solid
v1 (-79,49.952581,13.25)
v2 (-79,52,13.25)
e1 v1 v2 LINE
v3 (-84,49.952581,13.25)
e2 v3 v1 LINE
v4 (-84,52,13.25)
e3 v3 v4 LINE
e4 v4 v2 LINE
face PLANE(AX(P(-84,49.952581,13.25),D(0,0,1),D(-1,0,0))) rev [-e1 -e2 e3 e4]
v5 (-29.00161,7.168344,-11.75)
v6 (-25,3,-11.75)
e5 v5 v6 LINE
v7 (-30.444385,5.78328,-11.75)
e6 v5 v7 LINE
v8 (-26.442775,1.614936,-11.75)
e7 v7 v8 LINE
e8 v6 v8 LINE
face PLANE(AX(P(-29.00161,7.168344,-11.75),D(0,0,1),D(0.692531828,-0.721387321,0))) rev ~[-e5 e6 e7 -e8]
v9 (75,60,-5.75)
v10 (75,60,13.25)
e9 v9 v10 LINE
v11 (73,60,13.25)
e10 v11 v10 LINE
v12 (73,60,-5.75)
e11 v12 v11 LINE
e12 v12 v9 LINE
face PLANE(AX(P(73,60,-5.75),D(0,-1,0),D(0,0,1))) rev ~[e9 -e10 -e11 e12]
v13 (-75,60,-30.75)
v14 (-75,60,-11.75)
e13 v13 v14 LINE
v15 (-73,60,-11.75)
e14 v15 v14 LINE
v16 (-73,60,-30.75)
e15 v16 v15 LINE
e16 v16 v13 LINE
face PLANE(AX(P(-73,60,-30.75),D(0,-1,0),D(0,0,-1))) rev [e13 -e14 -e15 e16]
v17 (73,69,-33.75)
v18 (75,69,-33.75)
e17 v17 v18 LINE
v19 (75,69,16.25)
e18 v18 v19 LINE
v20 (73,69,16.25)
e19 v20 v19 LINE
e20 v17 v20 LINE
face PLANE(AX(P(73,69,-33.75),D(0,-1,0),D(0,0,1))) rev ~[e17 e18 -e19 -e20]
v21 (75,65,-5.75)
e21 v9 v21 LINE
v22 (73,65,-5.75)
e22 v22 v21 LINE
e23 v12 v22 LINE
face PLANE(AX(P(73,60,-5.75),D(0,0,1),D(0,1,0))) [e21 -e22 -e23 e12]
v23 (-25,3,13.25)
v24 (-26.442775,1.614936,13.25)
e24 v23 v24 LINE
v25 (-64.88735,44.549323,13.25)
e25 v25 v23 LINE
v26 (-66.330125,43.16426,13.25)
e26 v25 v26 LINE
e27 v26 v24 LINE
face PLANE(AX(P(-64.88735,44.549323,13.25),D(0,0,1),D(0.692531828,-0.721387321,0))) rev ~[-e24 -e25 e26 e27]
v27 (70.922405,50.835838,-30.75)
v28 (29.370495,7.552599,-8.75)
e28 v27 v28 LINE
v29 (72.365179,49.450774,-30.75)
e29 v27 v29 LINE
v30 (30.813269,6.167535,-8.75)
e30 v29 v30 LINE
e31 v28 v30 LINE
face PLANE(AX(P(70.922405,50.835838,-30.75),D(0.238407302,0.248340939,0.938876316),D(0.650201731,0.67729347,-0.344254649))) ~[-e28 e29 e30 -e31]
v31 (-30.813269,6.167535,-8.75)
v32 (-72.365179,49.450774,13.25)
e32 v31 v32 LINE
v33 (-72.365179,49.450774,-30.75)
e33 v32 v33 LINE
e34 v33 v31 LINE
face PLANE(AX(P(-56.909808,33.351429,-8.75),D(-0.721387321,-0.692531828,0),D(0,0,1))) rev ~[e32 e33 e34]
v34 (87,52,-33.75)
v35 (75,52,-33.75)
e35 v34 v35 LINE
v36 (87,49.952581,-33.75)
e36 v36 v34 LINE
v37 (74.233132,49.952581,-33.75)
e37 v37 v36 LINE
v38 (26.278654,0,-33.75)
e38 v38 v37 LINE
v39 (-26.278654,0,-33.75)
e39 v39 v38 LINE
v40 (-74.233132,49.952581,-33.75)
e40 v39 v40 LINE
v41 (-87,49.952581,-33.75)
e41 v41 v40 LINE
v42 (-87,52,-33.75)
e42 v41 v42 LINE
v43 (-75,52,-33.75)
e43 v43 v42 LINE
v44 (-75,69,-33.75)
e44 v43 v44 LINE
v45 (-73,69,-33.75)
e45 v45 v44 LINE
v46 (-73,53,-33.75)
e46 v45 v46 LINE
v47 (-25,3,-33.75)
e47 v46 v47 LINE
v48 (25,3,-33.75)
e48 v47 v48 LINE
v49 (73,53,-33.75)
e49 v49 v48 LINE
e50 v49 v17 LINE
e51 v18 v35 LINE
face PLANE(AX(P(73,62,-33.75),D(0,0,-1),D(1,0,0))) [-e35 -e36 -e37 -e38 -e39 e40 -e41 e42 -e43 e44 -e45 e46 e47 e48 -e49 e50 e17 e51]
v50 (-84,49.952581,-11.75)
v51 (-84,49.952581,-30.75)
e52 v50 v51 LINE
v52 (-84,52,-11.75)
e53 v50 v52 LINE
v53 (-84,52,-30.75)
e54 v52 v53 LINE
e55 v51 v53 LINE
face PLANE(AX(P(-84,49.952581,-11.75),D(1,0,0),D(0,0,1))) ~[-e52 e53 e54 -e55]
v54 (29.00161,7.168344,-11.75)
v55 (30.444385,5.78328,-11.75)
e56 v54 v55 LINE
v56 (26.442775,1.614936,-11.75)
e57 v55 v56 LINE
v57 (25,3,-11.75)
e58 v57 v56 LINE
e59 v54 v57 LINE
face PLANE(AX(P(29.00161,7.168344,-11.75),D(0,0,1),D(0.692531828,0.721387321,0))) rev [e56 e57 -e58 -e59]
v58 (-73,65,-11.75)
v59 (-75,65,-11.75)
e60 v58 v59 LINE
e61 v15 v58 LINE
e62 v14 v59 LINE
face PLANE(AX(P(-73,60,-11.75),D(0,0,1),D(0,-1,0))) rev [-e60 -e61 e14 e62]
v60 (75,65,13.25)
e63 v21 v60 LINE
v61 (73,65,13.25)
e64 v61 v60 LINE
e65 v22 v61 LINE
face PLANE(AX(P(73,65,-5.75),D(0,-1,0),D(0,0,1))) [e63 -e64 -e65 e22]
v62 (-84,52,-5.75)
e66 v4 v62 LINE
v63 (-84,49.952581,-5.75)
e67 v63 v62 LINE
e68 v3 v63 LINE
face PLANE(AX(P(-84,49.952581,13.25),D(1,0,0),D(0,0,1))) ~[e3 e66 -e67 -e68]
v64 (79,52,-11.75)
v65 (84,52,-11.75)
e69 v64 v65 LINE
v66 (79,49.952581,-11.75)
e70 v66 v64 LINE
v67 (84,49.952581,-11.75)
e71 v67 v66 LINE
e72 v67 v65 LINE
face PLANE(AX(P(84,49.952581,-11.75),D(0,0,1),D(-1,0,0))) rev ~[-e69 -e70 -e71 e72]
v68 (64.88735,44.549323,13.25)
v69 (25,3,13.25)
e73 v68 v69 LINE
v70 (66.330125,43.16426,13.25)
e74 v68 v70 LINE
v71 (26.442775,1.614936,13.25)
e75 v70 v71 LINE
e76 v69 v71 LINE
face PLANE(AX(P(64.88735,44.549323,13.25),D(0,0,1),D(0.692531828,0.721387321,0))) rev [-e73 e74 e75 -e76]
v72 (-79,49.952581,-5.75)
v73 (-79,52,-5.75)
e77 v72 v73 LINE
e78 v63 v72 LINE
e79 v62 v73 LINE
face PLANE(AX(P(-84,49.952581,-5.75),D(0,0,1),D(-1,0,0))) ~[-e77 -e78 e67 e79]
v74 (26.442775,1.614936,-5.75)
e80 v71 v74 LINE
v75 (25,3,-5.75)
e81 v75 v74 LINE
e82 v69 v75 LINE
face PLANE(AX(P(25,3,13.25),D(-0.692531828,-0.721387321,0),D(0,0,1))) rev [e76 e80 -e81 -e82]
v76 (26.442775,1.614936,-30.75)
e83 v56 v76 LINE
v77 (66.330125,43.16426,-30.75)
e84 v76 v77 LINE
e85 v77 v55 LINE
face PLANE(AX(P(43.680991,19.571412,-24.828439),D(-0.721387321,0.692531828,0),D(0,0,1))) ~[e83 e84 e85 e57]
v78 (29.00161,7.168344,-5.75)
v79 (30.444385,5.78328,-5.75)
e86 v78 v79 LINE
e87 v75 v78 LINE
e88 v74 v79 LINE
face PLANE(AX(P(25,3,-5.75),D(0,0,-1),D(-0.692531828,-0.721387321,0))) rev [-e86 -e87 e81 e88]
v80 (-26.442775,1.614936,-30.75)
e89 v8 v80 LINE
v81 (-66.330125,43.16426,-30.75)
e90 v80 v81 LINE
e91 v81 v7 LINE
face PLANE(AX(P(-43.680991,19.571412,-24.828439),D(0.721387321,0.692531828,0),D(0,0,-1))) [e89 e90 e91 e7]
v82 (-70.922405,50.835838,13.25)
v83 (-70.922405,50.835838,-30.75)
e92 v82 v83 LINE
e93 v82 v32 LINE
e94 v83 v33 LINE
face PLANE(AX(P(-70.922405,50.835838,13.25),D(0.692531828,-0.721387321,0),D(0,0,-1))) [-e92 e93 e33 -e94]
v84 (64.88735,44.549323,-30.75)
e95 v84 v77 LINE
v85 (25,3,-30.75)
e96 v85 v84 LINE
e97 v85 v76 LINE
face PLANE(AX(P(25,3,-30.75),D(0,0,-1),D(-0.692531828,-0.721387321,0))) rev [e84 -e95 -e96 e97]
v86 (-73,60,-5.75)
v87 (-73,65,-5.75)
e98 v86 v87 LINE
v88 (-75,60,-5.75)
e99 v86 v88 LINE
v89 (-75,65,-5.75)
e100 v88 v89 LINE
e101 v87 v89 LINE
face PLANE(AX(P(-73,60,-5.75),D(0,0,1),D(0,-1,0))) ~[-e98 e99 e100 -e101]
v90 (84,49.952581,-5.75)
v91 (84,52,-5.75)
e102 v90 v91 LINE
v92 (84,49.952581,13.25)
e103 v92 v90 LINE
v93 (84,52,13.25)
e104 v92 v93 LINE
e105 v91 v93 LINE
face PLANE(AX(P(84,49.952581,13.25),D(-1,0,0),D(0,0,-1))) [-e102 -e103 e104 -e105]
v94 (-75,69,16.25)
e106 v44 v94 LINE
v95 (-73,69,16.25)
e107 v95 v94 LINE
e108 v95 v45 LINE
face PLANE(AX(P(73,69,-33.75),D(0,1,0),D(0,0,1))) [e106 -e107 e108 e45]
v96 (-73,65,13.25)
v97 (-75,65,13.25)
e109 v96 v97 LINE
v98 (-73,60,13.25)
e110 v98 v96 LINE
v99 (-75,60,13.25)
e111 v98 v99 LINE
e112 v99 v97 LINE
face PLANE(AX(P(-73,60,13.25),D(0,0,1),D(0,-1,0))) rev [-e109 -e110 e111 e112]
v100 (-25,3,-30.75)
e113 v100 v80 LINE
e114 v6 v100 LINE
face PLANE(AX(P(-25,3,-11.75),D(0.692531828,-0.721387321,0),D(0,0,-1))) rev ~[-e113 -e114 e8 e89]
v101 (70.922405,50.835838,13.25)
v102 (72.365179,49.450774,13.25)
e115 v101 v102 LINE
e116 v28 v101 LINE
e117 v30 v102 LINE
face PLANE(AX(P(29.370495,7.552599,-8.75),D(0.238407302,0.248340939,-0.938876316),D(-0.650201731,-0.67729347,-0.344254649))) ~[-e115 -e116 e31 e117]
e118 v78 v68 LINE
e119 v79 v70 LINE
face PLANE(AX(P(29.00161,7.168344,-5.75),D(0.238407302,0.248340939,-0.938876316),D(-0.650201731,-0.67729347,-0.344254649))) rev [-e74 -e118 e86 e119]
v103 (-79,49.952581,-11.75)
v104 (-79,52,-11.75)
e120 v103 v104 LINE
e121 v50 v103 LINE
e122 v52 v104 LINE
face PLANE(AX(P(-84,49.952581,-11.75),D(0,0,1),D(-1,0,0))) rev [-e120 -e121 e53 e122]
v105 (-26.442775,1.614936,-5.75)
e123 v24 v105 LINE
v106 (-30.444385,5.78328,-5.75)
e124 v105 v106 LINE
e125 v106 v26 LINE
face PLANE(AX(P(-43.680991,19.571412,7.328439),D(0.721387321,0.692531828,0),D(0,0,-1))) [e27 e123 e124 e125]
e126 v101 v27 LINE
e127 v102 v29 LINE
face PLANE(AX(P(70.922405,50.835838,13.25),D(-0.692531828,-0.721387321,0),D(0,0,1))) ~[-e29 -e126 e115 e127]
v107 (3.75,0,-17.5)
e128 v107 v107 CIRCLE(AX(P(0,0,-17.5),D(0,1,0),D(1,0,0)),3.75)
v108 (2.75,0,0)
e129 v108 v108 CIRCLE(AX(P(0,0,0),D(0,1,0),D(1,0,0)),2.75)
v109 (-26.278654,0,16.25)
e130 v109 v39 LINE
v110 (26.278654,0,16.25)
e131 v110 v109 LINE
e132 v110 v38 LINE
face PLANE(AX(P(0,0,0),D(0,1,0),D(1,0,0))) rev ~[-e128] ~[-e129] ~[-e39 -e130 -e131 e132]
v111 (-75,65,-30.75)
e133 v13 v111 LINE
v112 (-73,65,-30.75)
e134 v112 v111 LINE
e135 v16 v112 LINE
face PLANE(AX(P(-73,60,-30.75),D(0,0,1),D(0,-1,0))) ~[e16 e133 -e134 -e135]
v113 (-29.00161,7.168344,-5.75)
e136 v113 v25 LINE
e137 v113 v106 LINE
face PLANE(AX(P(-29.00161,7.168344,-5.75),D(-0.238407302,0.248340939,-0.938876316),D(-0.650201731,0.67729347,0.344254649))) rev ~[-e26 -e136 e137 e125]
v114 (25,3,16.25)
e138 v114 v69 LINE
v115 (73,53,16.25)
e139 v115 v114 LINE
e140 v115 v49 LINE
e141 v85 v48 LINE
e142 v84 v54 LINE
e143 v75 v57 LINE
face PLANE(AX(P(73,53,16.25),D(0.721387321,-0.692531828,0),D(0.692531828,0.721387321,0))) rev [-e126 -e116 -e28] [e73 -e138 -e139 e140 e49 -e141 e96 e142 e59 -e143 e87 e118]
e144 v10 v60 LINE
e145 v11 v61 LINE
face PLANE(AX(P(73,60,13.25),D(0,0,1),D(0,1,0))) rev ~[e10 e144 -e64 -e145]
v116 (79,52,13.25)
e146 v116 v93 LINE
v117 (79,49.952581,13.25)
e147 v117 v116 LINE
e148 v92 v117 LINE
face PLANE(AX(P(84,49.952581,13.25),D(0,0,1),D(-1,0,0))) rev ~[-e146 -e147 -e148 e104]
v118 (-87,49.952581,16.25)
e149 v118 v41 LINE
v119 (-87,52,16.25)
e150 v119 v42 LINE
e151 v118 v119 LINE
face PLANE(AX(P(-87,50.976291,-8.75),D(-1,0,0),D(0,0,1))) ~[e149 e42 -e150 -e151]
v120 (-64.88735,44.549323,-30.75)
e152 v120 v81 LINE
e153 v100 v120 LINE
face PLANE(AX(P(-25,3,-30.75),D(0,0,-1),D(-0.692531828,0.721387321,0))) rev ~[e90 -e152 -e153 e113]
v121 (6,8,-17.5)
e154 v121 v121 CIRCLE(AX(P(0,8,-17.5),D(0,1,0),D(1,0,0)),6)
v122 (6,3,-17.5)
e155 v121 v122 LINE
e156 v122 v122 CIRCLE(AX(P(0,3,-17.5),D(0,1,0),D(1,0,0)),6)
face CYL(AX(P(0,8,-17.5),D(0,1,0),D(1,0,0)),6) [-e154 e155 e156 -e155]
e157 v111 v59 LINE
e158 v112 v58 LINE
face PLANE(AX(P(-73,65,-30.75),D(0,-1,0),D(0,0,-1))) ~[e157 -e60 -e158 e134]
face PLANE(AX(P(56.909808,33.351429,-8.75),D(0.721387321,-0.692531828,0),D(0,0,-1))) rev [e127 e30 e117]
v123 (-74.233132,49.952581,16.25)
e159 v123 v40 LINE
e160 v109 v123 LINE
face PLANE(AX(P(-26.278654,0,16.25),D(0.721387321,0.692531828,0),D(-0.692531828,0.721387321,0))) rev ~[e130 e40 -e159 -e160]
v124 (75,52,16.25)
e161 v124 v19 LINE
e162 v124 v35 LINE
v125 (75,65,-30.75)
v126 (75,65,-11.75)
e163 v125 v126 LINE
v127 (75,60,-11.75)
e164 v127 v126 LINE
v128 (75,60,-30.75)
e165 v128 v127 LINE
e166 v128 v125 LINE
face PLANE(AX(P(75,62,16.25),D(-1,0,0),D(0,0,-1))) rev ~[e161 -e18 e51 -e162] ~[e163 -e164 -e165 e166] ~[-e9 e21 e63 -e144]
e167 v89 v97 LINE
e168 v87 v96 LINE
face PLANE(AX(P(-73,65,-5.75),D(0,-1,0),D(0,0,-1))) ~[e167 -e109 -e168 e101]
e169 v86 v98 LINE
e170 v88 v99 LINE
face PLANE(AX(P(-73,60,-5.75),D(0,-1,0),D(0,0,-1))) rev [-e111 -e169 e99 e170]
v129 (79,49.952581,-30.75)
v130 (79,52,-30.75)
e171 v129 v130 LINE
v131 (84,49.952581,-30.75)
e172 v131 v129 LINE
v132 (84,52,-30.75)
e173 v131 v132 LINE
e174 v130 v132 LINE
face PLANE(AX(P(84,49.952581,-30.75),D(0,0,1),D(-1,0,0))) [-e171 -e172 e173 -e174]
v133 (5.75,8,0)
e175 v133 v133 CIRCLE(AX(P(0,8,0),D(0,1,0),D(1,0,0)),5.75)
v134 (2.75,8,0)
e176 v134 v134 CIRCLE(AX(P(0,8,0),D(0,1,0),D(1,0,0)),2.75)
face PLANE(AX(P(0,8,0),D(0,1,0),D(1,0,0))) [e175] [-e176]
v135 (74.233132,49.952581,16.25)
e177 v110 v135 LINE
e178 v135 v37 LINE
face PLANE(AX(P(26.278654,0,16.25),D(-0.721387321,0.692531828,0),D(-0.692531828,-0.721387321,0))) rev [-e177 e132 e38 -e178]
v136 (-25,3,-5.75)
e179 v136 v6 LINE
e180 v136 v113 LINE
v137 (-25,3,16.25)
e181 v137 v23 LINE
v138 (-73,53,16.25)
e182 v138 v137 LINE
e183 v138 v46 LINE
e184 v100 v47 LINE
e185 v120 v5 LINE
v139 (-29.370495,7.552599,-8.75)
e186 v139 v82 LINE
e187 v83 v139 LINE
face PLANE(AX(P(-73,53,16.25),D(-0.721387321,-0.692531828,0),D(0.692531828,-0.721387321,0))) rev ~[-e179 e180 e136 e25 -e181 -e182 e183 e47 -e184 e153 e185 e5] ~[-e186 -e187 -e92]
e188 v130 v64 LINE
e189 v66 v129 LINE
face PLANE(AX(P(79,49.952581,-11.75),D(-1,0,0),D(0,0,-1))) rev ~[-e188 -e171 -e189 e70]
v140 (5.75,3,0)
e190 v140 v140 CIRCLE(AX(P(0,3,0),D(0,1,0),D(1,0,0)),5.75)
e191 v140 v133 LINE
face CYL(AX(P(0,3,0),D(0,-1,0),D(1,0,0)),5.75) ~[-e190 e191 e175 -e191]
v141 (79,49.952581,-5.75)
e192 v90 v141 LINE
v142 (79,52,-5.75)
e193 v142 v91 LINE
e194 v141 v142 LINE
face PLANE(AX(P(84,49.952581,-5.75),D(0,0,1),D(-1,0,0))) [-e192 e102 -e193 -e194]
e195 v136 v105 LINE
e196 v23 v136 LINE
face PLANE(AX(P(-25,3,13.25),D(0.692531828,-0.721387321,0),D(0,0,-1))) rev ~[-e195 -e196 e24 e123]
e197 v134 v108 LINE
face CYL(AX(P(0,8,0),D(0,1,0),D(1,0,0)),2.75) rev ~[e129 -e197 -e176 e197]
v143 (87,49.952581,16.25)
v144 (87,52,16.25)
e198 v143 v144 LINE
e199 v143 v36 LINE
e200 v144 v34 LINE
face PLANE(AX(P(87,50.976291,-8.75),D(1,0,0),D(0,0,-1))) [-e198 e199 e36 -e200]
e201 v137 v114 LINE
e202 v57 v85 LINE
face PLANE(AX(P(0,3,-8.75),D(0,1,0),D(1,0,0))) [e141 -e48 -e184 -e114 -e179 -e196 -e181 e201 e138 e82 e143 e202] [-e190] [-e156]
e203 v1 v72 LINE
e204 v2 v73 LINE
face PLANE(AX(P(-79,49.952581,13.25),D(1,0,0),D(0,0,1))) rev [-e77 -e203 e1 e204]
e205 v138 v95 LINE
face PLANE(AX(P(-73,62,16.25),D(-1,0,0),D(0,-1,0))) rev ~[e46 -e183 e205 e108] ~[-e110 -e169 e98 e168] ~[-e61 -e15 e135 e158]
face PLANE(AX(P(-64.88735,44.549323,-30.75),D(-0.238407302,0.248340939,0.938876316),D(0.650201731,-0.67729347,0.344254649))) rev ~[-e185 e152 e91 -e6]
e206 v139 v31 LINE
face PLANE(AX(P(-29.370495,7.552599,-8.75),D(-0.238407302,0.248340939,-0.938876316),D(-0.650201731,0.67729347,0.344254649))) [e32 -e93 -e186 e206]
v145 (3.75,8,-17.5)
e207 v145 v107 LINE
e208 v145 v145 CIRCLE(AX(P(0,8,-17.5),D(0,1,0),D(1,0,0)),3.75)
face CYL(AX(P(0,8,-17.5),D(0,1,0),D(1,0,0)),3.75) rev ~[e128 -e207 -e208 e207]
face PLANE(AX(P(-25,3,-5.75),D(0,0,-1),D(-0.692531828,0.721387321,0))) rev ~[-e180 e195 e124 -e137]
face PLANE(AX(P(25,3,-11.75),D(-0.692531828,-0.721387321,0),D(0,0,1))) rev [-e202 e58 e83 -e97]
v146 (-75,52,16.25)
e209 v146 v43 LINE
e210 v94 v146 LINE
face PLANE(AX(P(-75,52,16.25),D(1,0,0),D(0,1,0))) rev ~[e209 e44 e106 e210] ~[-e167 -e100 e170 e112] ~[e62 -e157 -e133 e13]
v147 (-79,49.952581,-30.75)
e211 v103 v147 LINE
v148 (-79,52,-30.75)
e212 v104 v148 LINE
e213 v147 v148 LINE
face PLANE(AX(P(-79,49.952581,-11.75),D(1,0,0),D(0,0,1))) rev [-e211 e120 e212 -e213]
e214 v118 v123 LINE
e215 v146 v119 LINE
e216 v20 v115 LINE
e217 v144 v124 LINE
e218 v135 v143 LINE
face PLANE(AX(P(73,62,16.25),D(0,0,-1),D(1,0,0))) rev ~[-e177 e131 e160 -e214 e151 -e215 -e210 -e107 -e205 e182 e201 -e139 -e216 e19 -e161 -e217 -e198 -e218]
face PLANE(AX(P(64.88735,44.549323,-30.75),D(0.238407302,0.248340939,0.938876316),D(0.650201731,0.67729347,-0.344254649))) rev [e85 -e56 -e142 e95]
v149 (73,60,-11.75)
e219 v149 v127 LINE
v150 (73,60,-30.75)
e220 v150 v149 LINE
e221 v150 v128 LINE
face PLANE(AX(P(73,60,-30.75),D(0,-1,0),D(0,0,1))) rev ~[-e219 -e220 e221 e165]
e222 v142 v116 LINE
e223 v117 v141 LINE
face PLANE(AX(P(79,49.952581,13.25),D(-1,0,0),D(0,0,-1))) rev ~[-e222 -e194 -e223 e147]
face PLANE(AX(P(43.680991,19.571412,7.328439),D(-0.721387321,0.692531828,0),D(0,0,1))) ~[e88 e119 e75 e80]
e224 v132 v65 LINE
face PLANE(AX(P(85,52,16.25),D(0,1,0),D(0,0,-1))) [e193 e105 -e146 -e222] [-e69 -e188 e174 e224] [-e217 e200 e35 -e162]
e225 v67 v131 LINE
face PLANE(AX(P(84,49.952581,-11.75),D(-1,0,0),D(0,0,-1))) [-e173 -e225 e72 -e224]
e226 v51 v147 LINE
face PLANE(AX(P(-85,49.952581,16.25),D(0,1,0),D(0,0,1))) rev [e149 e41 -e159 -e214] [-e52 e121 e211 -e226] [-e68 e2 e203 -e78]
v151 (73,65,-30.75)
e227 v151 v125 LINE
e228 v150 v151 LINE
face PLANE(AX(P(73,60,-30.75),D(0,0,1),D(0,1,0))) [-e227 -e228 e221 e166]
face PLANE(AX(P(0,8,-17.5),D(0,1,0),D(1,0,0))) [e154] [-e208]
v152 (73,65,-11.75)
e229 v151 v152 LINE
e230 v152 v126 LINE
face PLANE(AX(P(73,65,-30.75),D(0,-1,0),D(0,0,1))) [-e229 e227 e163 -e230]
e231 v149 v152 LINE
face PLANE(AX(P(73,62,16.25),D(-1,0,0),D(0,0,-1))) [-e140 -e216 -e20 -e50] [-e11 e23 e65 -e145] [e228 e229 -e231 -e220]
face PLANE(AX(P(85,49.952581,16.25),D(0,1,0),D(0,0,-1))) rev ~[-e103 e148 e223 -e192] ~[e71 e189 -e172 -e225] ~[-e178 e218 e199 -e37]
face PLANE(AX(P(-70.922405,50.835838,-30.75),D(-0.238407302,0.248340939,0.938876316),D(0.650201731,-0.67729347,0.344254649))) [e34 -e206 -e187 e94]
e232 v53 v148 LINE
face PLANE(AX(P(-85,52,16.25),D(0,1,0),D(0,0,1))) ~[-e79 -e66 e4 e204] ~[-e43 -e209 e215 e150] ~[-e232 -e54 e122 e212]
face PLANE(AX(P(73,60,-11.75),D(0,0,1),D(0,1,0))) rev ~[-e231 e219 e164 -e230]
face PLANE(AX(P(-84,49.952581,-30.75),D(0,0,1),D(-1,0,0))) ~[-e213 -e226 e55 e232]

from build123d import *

# Parameters (mm, degrees)
SKETCH1_W               = 50
SKETCH1_H               = 50
SKETCH1_R               = 3.75
SKETCH1_R_2             = 2.75
BOSS_EXTRUDE1_DEPTH     = 3
BOSS_EXTRUDE2_DEPTH     = 50
CUT_EXTRUDE2_DEPTH      = 2
SKETCH10_W              = 50
SKETCH10_H              = 2.047418662
BOSS_EXTRUDE6_DEPTH     = 2
SKETCH11_W              = 5
SKETCH11_H              = 19
CUT_EXTRUDE4_DEPTH      = 4
SKETCH12_W              = 2
SKETCH12_H              = 50
BOSS_EXTRUDE7_DEPTH     = 10
SKETCH13_W              = 19
SKETCH13_H              = 5
CUT_EXTRUDE5_DEPTH      = 10
SKETCH14_R              = 5.75
SKETCH14_R_2            = 3.75
SKETCH14_R_3            = 4.75
SKETCH14_R_4            = 2.75
BOSS_EXTRUDE8_DEPTH     = 5
SKETCH15_W              = 50
SKETCH15_H              = 3
CUT_EXTRUDE6_DEPTH      = 161
CUT_EXTRUDE6_DEPTH_BACK = 15
SKETCH16_R              = 3.75
SKETCH16_R_2            = 2.75
BOSS_EXTRUDE9_DEPTH     = 8
SKETCH17_R              = 3.75
CUT_EXTRUDE7_DEPTH      = 9
SKETCH18_R              = 6
SKETCH18_R_2            = 4.75
BOSS_EXTRUDE10_DEPTH    = 8


with BuildPart() as part:
    # Sketch1 → Boss-Extrude1 (new body)
    with BuildSketch(Plane(origin=(0, 0, 0), x_dir=(1, 0, 0), z_dir=(0, 1, 0))):
        with Locations((0, 8.75)):
            Rectangle(SKETCH1_W, SKETCH1_H)
        Circle(SKETCH1_R, mode=Mode.SUBTRACT)
        with Locations((0, 17.5)):
            Circle(SKETCH1_R_2, mode=Mode.SUBTRACT)
    extrude(amount=BOSS_EXTRUDE1_DEPTH)

    # Sketch2 → Boss-Extrude2 (add)
    with BuildSketch(Plane.XY.offset(16.25)):
        Polygon((-25, 0), (-26.278653628, 0), (-74.233131713, 49.952581338), (-85, 49.952581338), (-85, 52), (-75, 52), (-75, 62), (-73, 62), (-73, 53), (-25, 3), align=None)
    boss_extrude2 = extrude(amount=-BOSS_EXTRUDE2_DEPTH)

    # Sketch3 → Cut-Extrude2 (cut)
    with BuildSketch(Plane(origin=(-11.511240633, -11.050791007, 0), x_dir=(0, 0, -1), z_dir=(0.721387321, 0.692531828, 0))):
        Polygon((-13.25, 85.788351472), (30.75, 85.788351472), (8.75, 25.788351472), align=None)
        Polygon((30.75, 77.073872213), (11.75, 25.255690395), (11.75, 19.477457668), (30.75, 19.477457668), (30.75, 22.897932802), align=None)
        Polygon((-13.25, 77.073872213), (-13.25, 19.477457668), (5.75, 19.477457668), (5.75, 25.255690395), align=None)
    cut_extrude2 = extrude(amount=-CUT_EXTRUDE2_DEPTH, mode=Mode.SUBTRACT)

    # Mirror1: Boss-Extrude2, Cut-Extrude2 across plane
    add(boss_extrude2.mirror(Plane(origin=(0, 0, 0), x_dir=(0, 0, 1), z_dir=(1, 0, 0))))
    add(cut_extrude2.mirror(Plane(origin=(0, 0, 0), x_dir=(0, 0, 1), z_dir=(1, 0, 0))), mode=Mode.SUBTRACT)

    # Sketch10 → Boss-Extrude6 (add)
    with BuildSketch(Plane(origin=(85, 0, 0), x_dir=(0, 0, -1), z_dir=(1, 0, 0))):
        with Locations((8.75, 50.976290669)):
            Rectangle(SKETCH10_W, SKETCH10_H)
    boss_extrude6 = extrude(amount=BOSS_EXTRUDE6_DEPTH)

    # Sketch11 → Cut-Extrude4 (cut)
    with BuildSketch(Plane(origin=(0, 49.952581338, 0), x_dir=(-1, 0, 0), z_dir=(0, -1, 0))):
        with Locations((-81.5, -3.75)):
            Rectangle(SKETCH11_W, SKETCH11_H)
        with Locations((-81.5, 21.25)):
            Rectangle(SKETCH11_W, SKETCH11_H)
    cut_extrude4 = extrude(amount=-CUT_EXTRUDE4_DEPTH, mode=Mode.SUBTRACT)

    # Mirror2: Boss-Extrude6, Cut-Extrude4 across plane
    add(boss_extrude6.mirror(Plane(origin=(0, 0, 0), x_dir=(0, 0, 1), z_dir=(1, 0, 0))))
    add(cut_extrude4.mirror(Plane(origin=(0, 0, 0), x_dir=(0, 0, 1), z_dir=(1, 0, 0))), mode=Mode.SUBTRACT)

    # Sketch12 → Boss-Extrude7 (add)
    with BuildSketch(Plane(origin=(0, 62, 0), x_dir=(1, 0, 0), z_dir=(0, 1, 0))):
        with Locations((74, 8.75)):
            Rectangle(SKETCH12_W, SKETCH12_H)
        with Locations((-74, 8.75)):
            Rectangle(SKETCH12_W, SKETCH12_H)
    extrude(amount=BOSS_EXTRUDE7_DEPTH)

    # Sketch13 → Cut-Extrude5 (cut)
    with BuildSketch(Plane.ZY.offset(-73)):
        with Locations((-21.25, 62.5)):
            Rectangle(SKETCH13_W, SKETCH13_H)
        with Locations((3.75, 62.5)):
            Rectangle(SKETCH13_W, SKETCH13_H)
    cut_extrude5 = extrude(amount=-CUT_EXTRUDE5_DEPTH, mode=Mode.SUBTRACT)

    # Mirror3: Cut-Extrude5 across plane
    add(cut_extrude5.mirror(Plane(origin=(0, 0, 0), x_dir=(0, 0, 1), z_dir=(1, 0, 0))), mode=Mode.SUBTRACT)

    # Sketch14 → Boss-Extrude8 (add)
    with BuildSketch(Plane(origin=(0, 3, 0), x_dir=(1, 0, 0), z_dir=(0, 1, 0))):
        Circle(SKETCH14_R)
        Circle(SKETCH14_R_2, mode=Mode.SUBTRACT)
        with Locations((0, 17.5)):
            Circle(SKETCH14_R_3)
        with Locations((0, 17.5)):
            Circle(SKETCH14_R_4, mode=Mode.SUBTRACT)
    extrude(amount=BOSS_EXTRUDE8_DEPTH)

    # Sketch15 → Cut-Extrude6 (cut, two sides)
    with BuildSketch(Plane.ZY.offset(-73)) as cut_extrude6_sk:
        with Locations((-8.75, 70.5)):
            Rectangle(SKETCH15_W, SKETCH15_H)
    extrude(amount=CUT_EXTRUDE6_DEPTH, mode=Mode.SUBTRACT)
    extrude(cut_extrude6_sk.sketch, amount=-CUT_EXTRUDE6_DEPTH_BACK, mode=Mode.SUBTRACT)

    # Sketch16 → Boss-Extrude9 (add)
    with BuildSketch(Plane(origin=(0, 8, 0), x_dir=(1, 0, 0), z_dir=(0, 1, 0))):
        Circle(SKETCH16_R)
        Circle(SKETCH16_R_2, mode=Mode.SUBTRACT)
    extrude(amount=-BOSS_EXTRUDE9_DEPTH)

    # Sketch17 → Cut-Extrude7 (cut, through all)
    with BuildSketch(Plane(origin=(0, 8, 0), x_dir=(1, 0, 0), z_dir=(0, 1, 0))):
        with Locations((0, 17.5)):
            Circle(SKETCH17_R)
    extrude(amount=-CUT_EXTRUDE7_DEPTH, mode=Mode.SUBTRACT)

    # Sketch18 → Boss-Extrude10 (add)
    with BuildSketch(Plane(origin=(0, 8, 0), x_dir=(1, 0, 0), z_dir=(0, 1, 0))):
        with Locations((0, 17.5)):
            Circle(SKETCH18_R)
        with Locations((0, 17.5)):
            Circle(SKETCH18_R_2, mode=Mode.SUBTRACT)
    extrude(amount=-BOSS_EXTRUDE10_DEPTH)


solid = part.part
